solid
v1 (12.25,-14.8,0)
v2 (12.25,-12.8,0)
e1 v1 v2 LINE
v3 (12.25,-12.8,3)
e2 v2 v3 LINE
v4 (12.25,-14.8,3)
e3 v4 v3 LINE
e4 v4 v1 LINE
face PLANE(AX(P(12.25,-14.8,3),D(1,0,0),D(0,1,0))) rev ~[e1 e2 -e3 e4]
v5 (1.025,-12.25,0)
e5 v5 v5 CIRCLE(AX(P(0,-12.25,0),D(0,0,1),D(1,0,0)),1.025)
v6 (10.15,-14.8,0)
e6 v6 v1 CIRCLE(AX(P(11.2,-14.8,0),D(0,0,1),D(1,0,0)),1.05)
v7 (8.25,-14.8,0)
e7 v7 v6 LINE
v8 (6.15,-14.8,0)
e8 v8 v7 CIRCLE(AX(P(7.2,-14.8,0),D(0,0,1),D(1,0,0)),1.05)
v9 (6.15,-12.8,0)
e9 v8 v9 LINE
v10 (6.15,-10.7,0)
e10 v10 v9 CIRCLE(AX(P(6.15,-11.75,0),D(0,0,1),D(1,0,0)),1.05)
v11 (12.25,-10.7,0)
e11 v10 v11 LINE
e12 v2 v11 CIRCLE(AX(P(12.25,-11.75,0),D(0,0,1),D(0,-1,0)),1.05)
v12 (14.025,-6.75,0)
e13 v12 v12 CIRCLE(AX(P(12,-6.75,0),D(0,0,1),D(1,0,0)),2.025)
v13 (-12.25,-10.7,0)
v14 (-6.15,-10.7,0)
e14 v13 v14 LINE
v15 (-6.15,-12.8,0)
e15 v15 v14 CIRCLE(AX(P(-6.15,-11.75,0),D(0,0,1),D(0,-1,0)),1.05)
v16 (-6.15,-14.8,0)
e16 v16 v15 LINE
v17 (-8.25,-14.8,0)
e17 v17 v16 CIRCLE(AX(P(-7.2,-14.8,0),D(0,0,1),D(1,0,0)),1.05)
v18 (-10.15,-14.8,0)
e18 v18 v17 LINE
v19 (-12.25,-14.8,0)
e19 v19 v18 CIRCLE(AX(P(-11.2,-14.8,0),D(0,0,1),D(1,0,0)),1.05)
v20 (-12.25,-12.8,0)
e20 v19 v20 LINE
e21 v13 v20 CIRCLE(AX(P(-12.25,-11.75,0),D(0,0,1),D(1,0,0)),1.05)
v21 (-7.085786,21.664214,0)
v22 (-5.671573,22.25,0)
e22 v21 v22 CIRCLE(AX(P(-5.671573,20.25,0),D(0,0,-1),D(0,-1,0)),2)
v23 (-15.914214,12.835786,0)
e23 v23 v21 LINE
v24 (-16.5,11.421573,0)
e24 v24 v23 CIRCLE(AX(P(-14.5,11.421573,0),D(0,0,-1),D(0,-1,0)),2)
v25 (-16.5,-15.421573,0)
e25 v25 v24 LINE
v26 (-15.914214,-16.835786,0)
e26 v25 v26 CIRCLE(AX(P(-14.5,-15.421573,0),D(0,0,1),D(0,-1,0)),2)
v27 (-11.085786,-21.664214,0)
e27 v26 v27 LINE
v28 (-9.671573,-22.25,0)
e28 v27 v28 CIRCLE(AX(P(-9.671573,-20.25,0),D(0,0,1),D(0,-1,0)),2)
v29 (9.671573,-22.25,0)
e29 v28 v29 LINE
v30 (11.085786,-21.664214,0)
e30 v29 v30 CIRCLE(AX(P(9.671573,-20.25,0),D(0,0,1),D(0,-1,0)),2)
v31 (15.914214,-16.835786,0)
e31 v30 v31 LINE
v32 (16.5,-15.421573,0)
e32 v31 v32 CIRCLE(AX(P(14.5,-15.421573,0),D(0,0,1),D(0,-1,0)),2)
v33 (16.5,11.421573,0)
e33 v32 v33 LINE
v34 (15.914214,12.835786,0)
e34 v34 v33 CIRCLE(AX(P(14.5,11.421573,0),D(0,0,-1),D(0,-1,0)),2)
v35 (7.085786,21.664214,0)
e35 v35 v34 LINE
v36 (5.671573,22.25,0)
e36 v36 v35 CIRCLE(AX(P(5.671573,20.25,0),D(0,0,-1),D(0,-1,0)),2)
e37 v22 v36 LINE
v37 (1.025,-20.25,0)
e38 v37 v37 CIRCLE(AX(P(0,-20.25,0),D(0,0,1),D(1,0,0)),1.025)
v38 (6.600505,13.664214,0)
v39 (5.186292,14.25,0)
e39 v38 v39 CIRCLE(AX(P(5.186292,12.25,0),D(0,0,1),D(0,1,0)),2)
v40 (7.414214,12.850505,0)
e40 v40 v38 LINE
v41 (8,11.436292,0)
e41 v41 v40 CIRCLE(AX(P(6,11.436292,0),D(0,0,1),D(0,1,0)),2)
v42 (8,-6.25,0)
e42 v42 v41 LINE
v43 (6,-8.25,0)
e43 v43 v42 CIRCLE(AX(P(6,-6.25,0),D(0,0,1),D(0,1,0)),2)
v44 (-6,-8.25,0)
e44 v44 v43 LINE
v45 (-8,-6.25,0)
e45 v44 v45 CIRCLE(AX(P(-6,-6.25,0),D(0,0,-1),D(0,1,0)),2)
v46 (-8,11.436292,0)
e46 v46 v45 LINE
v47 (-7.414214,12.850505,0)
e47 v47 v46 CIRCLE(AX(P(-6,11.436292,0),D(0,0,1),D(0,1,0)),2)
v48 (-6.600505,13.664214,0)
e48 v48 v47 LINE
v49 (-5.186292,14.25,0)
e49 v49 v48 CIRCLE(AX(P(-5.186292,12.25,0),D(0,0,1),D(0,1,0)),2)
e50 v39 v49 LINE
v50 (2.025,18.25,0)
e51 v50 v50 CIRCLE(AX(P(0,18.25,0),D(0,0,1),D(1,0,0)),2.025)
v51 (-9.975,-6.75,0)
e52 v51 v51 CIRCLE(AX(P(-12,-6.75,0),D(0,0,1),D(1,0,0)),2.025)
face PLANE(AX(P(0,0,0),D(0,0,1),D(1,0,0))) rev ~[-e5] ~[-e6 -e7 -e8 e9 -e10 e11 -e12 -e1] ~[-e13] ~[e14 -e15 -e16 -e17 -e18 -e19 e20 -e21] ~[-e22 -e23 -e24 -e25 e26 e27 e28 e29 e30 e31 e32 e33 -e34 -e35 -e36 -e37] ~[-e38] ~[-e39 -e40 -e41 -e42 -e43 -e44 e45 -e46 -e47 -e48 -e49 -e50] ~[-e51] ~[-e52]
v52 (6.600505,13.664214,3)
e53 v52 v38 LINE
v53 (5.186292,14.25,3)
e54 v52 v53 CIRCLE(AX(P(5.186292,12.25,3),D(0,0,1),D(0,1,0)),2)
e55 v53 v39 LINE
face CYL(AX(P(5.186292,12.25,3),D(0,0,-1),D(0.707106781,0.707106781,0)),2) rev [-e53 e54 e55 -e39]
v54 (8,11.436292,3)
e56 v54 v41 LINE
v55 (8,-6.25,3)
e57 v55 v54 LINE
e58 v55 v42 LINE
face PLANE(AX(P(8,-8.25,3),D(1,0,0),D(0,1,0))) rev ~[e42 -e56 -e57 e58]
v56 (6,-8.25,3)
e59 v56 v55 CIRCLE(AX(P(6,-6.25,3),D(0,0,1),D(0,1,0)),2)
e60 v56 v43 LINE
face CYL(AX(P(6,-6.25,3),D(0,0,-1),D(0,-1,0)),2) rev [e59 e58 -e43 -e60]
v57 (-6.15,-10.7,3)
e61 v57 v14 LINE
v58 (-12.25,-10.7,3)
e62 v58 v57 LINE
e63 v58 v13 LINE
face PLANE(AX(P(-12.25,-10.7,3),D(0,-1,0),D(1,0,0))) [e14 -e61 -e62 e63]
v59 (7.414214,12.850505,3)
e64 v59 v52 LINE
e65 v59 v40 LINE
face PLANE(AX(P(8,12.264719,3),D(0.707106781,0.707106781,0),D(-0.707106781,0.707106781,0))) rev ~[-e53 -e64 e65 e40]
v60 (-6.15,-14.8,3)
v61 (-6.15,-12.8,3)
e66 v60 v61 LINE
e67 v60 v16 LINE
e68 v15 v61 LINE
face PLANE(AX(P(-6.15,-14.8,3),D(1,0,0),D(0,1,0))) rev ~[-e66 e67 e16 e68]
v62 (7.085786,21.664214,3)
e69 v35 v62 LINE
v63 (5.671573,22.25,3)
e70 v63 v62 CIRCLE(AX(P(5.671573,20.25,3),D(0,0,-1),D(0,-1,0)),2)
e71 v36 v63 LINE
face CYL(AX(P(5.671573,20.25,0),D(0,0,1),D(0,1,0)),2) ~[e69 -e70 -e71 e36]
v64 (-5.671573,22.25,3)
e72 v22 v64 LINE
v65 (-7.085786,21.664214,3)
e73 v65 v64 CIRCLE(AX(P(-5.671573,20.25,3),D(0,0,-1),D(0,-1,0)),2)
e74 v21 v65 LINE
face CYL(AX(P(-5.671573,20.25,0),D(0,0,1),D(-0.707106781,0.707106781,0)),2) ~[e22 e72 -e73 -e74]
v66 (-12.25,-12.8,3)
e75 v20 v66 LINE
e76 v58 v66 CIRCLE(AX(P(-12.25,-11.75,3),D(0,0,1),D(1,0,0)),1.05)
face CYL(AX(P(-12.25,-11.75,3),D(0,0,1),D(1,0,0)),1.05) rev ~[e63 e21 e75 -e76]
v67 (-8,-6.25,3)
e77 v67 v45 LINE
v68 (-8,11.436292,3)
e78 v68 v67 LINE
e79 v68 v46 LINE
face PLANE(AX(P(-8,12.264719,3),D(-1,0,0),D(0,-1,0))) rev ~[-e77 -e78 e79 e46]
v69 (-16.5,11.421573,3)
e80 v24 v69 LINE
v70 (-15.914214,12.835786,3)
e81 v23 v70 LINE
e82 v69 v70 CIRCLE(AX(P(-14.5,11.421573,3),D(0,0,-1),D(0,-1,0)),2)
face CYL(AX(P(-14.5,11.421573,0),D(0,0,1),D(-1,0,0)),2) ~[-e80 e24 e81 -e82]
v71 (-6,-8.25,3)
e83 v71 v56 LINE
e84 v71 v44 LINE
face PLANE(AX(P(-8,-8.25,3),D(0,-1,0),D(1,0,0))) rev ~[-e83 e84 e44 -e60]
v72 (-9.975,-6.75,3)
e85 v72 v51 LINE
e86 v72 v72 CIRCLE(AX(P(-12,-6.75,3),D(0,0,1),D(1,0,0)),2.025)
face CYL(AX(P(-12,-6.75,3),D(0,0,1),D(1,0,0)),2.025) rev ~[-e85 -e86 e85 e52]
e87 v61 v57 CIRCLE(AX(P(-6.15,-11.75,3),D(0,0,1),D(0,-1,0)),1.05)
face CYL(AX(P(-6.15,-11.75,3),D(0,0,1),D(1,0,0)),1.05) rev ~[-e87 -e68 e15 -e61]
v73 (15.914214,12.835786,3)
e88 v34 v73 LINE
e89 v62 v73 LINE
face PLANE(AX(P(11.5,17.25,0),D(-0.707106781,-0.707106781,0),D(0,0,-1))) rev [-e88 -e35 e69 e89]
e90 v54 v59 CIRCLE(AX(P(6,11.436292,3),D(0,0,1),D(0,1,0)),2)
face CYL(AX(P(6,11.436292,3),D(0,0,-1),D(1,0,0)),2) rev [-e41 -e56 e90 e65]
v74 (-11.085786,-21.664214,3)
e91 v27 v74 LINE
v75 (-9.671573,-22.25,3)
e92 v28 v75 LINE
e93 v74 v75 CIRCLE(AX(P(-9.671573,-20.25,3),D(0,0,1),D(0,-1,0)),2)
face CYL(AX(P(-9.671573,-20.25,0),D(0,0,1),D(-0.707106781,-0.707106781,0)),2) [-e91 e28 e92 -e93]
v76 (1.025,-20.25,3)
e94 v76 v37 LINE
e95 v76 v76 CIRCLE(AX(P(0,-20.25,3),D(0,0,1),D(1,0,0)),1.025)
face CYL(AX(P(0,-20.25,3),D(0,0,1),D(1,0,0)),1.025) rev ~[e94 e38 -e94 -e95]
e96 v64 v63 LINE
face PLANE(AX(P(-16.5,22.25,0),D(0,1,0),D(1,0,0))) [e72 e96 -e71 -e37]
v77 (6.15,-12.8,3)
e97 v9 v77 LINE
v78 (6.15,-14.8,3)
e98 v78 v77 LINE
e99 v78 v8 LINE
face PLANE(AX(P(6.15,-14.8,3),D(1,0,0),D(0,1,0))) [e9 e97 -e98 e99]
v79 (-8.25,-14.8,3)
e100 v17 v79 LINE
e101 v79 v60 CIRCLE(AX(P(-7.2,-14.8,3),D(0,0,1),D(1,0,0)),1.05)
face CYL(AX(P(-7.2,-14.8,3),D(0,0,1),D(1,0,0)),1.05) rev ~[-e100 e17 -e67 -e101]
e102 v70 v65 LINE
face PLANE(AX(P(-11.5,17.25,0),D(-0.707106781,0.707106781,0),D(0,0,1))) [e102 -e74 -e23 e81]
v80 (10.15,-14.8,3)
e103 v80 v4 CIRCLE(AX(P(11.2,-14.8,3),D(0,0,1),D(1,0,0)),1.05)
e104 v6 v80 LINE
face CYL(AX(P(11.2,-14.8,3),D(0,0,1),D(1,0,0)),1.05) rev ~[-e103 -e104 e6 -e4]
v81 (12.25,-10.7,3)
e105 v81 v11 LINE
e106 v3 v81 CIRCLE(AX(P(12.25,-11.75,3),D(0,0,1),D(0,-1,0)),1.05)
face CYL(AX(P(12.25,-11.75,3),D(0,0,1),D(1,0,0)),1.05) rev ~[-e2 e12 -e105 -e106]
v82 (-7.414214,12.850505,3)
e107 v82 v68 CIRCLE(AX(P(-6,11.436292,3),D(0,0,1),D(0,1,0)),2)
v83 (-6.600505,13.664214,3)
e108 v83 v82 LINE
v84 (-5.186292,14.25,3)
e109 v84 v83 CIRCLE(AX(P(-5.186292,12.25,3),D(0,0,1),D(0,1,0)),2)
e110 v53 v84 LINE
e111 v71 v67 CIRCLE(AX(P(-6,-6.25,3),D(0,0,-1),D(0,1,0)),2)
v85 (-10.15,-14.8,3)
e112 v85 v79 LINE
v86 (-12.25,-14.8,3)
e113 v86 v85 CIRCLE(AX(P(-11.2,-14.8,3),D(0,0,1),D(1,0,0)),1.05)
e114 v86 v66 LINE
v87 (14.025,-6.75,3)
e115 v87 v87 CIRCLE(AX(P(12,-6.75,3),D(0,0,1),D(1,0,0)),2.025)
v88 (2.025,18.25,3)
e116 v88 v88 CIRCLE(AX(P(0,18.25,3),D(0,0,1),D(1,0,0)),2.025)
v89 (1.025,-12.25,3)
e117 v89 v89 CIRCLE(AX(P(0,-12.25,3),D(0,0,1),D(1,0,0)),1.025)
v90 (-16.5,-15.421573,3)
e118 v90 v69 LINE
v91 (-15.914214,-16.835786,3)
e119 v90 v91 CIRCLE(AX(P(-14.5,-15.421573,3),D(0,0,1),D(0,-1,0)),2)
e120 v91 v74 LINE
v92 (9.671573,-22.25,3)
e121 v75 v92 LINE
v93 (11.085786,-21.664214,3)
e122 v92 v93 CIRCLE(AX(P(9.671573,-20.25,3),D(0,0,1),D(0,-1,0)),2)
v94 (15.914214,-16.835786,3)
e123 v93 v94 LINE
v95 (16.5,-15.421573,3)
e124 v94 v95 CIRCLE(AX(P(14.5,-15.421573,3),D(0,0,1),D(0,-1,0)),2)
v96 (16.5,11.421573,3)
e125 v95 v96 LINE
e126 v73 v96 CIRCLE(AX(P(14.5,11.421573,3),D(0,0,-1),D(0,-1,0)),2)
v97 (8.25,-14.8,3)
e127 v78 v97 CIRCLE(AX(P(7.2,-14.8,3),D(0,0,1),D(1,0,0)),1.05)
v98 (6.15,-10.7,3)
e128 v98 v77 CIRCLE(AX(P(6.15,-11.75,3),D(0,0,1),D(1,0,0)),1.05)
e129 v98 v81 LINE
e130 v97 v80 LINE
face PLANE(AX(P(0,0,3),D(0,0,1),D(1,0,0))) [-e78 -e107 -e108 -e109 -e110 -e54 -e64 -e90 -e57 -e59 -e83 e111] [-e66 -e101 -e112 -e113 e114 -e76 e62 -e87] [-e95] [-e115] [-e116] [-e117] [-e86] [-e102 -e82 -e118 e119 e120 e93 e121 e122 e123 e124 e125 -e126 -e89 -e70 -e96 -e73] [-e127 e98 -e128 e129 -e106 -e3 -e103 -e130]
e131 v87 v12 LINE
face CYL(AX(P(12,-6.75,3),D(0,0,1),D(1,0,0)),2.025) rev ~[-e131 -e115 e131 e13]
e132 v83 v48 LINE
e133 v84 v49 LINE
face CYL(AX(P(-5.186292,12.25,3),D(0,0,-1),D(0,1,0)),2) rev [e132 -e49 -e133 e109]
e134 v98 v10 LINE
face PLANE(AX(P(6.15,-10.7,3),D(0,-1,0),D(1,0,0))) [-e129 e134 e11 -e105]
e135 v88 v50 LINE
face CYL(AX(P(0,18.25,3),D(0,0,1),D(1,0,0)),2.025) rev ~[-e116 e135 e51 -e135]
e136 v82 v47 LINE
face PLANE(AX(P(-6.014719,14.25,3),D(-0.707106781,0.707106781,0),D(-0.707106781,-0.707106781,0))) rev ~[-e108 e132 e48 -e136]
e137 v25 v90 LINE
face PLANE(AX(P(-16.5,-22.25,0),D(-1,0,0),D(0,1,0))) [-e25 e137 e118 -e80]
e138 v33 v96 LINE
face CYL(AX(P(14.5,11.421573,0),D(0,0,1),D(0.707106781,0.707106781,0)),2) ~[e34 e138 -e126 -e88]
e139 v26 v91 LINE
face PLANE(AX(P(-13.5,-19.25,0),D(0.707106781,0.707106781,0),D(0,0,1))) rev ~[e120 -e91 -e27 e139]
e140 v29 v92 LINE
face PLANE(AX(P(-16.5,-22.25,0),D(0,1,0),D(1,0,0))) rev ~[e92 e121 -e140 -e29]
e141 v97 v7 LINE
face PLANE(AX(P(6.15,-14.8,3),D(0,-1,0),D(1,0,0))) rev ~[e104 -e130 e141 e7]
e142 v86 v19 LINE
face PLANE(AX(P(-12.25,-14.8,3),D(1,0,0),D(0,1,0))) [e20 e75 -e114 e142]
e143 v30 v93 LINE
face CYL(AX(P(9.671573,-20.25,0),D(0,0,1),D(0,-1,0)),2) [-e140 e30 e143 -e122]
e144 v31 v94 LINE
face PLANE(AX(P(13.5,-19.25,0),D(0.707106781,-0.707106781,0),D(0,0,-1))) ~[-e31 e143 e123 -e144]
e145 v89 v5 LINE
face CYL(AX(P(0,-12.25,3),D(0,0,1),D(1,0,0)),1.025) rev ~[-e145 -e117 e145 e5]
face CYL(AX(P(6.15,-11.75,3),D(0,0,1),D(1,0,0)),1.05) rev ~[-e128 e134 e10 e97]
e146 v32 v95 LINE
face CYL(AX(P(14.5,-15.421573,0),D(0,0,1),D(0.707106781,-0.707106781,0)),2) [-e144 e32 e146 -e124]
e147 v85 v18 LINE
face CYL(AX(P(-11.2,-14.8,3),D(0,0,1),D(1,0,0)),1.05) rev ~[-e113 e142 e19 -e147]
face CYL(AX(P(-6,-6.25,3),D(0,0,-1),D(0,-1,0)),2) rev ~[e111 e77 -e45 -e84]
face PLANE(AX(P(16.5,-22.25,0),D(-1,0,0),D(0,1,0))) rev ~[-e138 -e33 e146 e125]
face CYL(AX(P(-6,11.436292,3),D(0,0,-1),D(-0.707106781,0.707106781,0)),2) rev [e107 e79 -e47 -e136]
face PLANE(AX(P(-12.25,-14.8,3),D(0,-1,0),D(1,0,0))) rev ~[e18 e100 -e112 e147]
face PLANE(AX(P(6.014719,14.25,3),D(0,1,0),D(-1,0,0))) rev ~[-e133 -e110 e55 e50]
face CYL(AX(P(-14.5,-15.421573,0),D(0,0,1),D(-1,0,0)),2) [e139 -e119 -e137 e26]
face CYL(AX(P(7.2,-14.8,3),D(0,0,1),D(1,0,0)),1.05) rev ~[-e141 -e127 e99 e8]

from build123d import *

# Parameters (mm, degrees)
SKETCH_1_W          = 33
SKETCH_1_H          = 44.5
EXTRUDE_1_DEPTH     = 3
SKETCH_2_R          = 2.025
SKETCH_2_R_2        = 1.025
CUT_EXTRUDE_1_DEPTH = 13
CHAMFER_1_SIZE      = 10
CUT_EXTRUDE_2_DEPTH = 13
FILLET_1_R          = 2
CHAMFER_2_SIZE      = 6
FILLET_2_R          = 2
SKETCH_4_W          = 6.1
SKETCH_4_H          = 4.1
CUT_EXTRUDE_3_DEPTH = 3
SKETCH_5_R          = 1.05
CUT_EXTRUDE_4_DEPTH = 3


with BuildPart() as part:
    # 草图1 → 凸台-拉伸1 (new body)
    with BuildSketch(Plane.XY):
        Rectangle(SKETCH_1_W, SKETCH_1_H)
    extrude(amount=EXTRUDE_1_DEPTH)

    # 草图2 → 切除-拉伸1 (cut)
    with BuildSketch(Plane.XY.offset(3)):
        with Locations((12, -6.75)):
            Circle(SKETCH_2_R)
        with Locations((-12, -6.75)):
            Circle(SKETCH_2_R)
        with Locations((0, 18.25)):
            Circle(SKETCH_2_R)
        with Locations((0, -12.25)):
            Circle(SKETCH_2_R_2)
        with Locations((0, -20.25)):
            Circle(SKETCH_2_R_2)
    extrude(amount=-CUT_EXTRUDE_1_DEPTH, mode=Mode.SUBTRACT)

    # 倒角1
    chamfer_1_edges = [part.edges().sort_by_distance(p)[0] for p in [
        (-16.5, 22.25, 1.5),
        (16.5, 22.25, 1.5),
    ]]
    chamfer(chamfer_1_edges, length=CHAMFER_1_SIZE)

    # 草图3 → 切除-拉伸2 (cut)
    with BuildSketch(Plane.XY.offset(3)):
        Polygon((-8, -8.25), (8, -8.25), (8, 12.264718626), (6.014718626, 14.25), (-6.014718626, 14.25), (-8, 12.264718626), align=None)
    extrude(amount=-CUT_EXTRUDE_2_DEPTH, mode=Mode.SUBTRACT)

    # 圆角1
    fillet_1_edges = [part.edges().sort_by_distance(p)[0] for p in [
        (-8, -8.25, 1.5),
        (-8, 12.264718626, 1.5),
        (-6.014718626, 14.25, 1.5),
        (6.014718626, 14.25, 1.5),
        (8, 12.264718626, 1.5),
        (8, -8.25, 1.5),
    ]]
    fillet(fillet_1_edges, radius=FILLET_1_R)

    # 倒角2
    chamfer_2_edges = [part.edges().sort_by_distance(p)[0] for p in [
        (16.5, -22.25, 1.5),
        (-16.5, -22.25, 1.5),
    ]]
    chamfer(chamfer_2_edges, length=CHAMFER_2_SIZE)

    # 圆角2
    fillet_2_edges = [part.edges().sort_by_distance(p)[0] for p in [
        (16.5, -16.25, 1.5),
        (-10.5, -22.25, 1.5),
        (10.5, -22.25, 1.5),
        (-16.5, -16.25, 1.5),
        (-6.5, 22.25, 1.5),
        (6.5, 22.25, 1.5),
        (16.5, 12.25, 1.5),
        (-16.5, 12.25, 1.5),
    ]]
    fillet(fillet_2_edges, radius=FILLET_2_R)

    # 草图4 → 切除-拉伸3 (cut)
    with BuildSketch(Plane.XY.offset(3)):
        with Locations((-9.2, -12.75)):
            Rectangle(SKETCH_4_W, SKETCH_4_H)
        with Locations((9.2, -12.75)):
            Rectangle(SKETCH_4_W, SKETCH_4_H)
    extrude(amount=-CUT_EXTRUDE_3_DEPTH, mode=Mode.SUBTRACT)

    # 草图5 → 切除-拉伸4 (cut)
    with BuildSketch(Plane.XY.offset(3)):
        with Locations((-11.2, -14.8)):
            Circle(SKETCH_5_R)
        with Locations((-7.2, -14.8)):
            Circle(SKETCH_5_R)
        with Locations((7.2, -14.8)):
            Circle(SKETCH_5_R)
        with Locations((11.2, -14.8)):
            Circle(SKETCH_5_R)
        with Locations((-12.25, -11.75)):
            Circle(SKETCH_5_R)
        with Locations((-6.15, -11.75)):
            Circle(SKETCH_5_R)
        with Locations((6.15, -11.75)):
            Circle(SKETCH_5_R)
        with Locations((12.25, -11.75)):
            Circle(SKETCH_5_R)
    extrude(amount=-CUT_EXTRUDE_4_DEPTH, mode=Mode.SUBTRACT)


solid = part.part
